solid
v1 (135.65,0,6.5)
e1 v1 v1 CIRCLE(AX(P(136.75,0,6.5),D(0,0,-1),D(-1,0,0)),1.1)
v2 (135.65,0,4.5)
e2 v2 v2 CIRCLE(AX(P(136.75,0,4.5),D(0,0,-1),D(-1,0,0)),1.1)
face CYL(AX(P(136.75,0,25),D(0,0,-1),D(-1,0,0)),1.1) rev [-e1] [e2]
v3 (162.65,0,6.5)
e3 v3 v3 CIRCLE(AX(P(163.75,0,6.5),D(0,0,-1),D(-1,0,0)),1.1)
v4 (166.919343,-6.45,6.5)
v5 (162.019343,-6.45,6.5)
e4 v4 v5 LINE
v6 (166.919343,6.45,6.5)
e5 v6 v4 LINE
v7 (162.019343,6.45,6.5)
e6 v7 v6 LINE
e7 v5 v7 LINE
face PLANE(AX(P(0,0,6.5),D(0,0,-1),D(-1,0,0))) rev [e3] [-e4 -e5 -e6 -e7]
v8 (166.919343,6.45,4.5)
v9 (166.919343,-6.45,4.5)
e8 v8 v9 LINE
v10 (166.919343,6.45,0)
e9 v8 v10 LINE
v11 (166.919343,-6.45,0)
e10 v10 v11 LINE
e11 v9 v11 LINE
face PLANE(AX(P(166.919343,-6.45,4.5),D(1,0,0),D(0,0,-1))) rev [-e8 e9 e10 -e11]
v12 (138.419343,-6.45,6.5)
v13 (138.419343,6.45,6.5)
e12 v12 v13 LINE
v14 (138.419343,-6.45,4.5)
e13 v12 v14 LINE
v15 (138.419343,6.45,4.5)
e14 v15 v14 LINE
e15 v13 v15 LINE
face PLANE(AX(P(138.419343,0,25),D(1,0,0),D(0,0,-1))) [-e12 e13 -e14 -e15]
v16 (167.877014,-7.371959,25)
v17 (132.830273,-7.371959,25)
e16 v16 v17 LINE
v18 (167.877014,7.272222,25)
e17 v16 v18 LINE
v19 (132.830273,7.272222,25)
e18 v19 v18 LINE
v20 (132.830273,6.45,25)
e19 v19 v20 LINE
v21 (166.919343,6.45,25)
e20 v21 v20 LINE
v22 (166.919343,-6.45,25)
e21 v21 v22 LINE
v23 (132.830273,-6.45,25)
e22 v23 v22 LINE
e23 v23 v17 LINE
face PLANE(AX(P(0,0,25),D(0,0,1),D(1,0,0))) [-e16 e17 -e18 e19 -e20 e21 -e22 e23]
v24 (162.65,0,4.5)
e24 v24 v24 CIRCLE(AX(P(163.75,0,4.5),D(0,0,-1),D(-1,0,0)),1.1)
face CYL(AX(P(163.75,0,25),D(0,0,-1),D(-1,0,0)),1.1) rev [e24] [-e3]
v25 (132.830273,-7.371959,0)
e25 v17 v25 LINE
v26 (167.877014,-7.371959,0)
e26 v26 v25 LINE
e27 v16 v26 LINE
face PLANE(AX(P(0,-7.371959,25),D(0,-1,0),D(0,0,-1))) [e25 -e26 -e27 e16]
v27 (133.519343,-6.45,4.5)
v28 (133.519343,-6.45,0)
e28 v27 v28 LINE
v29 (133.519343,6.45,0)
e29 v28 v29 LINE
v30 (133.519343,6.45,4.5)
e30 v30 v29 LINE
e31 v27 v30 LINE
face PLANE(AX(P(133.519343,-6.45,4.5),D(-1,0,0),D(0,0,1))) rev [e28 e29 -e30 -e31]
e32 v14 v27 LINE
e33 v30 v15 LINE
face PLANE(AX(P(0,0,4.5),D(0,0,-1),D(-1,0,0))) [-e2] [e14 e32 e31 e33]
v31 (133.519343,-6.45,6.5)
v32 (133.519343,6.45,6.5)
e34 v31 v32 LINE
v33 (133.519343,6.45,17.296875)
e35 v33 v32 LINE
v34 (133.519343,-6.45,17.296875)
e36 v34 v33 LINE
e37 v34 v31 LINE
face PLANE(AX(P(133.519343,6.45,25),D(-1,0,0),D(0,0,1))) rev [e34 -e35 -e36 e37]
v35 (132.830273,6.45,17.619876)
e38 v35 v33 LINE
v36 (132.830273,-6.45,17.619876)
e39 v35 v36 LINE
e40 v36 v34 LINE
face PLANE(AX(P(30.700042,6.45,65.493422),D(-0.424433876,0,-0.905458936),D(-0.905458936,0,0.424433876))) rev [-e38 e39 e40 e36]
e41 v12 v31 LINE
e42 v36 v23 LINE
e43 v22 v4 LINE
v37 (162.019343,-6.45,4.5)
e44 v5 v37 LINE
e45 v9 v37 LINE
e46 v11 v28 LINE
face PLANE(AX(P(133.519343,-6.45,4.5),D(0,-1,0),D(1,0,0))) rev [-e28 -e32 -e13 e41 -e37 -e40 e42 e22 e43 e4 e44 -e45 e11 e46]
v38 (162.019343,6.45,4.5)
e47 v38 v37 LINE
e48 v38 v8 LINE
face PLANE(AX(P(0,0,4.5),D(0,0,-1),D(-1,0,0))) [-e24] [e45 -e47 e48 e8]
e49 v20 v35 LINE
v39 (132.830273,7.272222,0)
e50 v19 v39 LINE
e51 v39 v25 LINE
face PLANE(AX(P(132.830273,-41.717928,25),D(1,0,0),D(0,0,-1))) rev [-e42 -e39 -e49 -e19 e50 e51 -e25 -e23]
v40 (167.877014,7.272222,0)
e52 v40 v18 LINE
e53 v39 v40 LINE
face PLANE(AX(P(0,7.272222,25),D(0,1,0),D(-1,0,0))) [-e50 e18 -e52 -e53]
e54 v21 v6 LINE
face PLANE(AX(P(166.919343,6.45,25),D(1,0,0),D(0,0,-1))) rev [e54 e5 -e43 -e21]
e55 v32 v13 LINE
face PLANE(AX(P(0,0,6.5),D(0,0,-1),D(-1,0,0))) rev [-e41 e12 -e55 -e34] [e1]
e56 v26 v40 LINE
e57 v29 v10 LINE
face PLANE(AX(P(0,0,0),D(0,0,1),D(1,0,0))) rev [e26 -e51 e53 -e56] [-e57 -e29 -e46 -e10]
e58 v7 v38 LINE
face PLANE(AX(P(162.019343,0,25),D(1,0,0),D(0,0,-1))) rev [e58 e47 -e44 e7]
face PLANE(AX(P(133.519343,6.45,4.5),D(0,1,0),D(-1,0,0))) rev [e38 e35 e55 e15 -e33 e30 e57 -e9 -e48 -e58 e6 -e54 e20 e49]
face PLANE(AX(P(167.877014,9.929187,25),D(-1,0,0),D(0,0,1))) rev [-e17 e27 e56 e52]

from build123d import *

# Parameters (mm, degrees)
BOSS_EXTRUDE1_DEPTH = 25
SKETCH16_W          = 33.4
SKETCH16_H          = 12.9
CUT_EXTRUDE10_DEPTH = 4.5
SKETCH19_R          = 20
CUT_EXTRUDE14_DEPTH = 7.55
SKETCH17_W          = 23.6
SKETCH17_H          = 12.9
CUT_EXTRUDE11_DEPTH = 177.45821035
CUT_EXTRUDE13_DEPTH = 6.45
SKETCH20_W          = 33.4
SKETCH20_H          = 12.9
CUT_EXTRUDE15_DEPTH = 176.655202029
SKETCH21_R          = 1.1
CUT_EXTRUDE16_DEPTH = 177.45821035
SKETCH22_R          = 2
CUT_EXTRUDE17_DEPTH = 17.45
SKETCH23_W          = 162.562335495
SKETCH23_H          = 86.576971135
CUT_EXTRUDE18_DEPTH = 177.45821035
CUT_EXTRUDE19_DEPTH = 177.45821035
SKETCH26_W          = 6.440152625
SKETCH26_H          = 21.054345118
CUT_EXTRUDE20_DEPTH = 175.458005773


with BuildPart() as part:
    # Sketch1 → Boss-Extrude1 (new body)
    with BuildSketch(Plane.XY):
        with BuildLine():
            ThreePointArc((172.5, 0), (152.823244805, 26.363741023), (121.951138857, 15))
            Line((121.951138857, 15), (145, 15))
            Line((145, 15), (145, -15))
            Line((145, -15), (121.951138857, -15))
            ThreePointArc((121.951138857, -15), (152.823244805, -26.363741023), (172.5, 0))
        make_face()
        with BuildLine():
            Line((145, 15), (121.951138857, 15))
            ThreePointArc((121.951138857, 15), (117.5, 0), (121.951138857, -15))
            Line((121.951138857, -15), (145, -15))
            Line((145, -15), (145, 15))
        make_face()
        with BuildLine():
            Line((121.951138857, 15), (23.048861143, 15))
            ThreePointArc((23.048861143, 15), (26.363741023, 7.823244805), (27.5, 0))
            ThreePointArc((27.5, 0), (26.363741023, -7.823244805), (23.048861143, -15))
            Line((23.048861143, -15), (121.951138857, -15))
            ThreePointArc((121.951138857, -15), (117.5, 0), (121.951138857, 15))
        make_face()
        with BuildLine():
            ThreePointArc((13.228756555, -15), (-20, 0), (13.228756555, 15))
            Line((13.228756555, 15), (23.048861143, 15))
            ThreePointArc((23.048861143, 15), (-27.5, 0), (23.048861143, -15))
            Line((23.048861143, -15), (13.228756555, -15))
        make_face()
        with BuildLine():
            Line((23.048861143, 15), (13.228756555, 15))
            ThreePointArc((13.228756555, 15), (18.228756555, 8.228756555), (20, 0))
            ThreePointArc((20, 0), (18.228756555, -8.228756555), (13.228756555, -15))
            Line((13.228756555, -15), (23.048861143, -15))
            ThreePointArc((23.048861143, -15), (26.363741023, -7.823244805), (27.5, 0))
            ThreePointArc((27.5, 0), (26.363741023, 7.823244805), (23.048861143, 15))
        make_face()
        with BuildLine():
            Line((0, -15), (0, 15))
            Line((0, 15), (13.228756555, 15))
            ThreePointArc((13.228756555, 15), (-20, 0), (13.228756555, -15))
            Line((13.228756555, -15), (0, -15))
        make_face()
        with BuildLine():
            Line((13.228756555, 15), (0, 15))
            Line((0, 15), (0, -15))
            Line((0, -15), (13.228756555, -15))
            ThreePointArc((13.228756555, -15), (18.228756555, -8.228756555), (20, 0))
            ThreePointArc((20, 0), (18.228756555, 8.228756555), (13.228756555, 15))
        make_face()
    extrude(amount=BOSS_EXTRUDE1_DEPTH)

    # Sketch16 → Cut-Extrude10 (cut)
    with BuildSketch(Plane(origin=(0, 0, 0), x_dir=(-1, 0, 0), z_dir=(0, 0, -1))):
        with Locations((-150.21934279, 0)):
            Rectangle(SKETCH16_W, SKETCH16_H)
    extrude(amount=-CUT_EXTRUDE10_DEPTH, mode=Mode.SUBTRACT)

    # Sketch19 → Cut-Extrude14 (cut)
    with BuildSketch(Plane(origin=(0, 0, 0), x_dir=(-1, 0, 0), z_dir=(0, 0, -1))):
        Circle(SKETCH19_R)
    extrude(amount=-CUT_EXTRUDE14_DEPTH, mode=Mode.SUBTRACT)

    # Sketch17 → Cut-Extrude11 (cut, through all)
    with BuildSketch(Plane(origin=(0, 0, 0), x_dir=(-1, 0, 0), z_dir=(0, 0, -1))):
        with Locations((-150.21934279, 0)):
            Rectangle(SKETCH17_W, SKETCH17_H)
    extrude(amount=-CUT_EXTRUDE11_DEPTH, mode=Mode.SUBTRACT)

    # Sketch18 → Cut-Extrude13 (cut, symmetric)
    with BuildSketch(Plane(origin=(0, 0, 0), x_dir=(-1, 0, 0), z_dir=(0, -1, 0))):
        Polygon((-138.41934279, -15), (-138.41934279, -25), (-122.41934279, -25), (-122.41934279, -22.5), align=None)
    extrude(amount=CUT_EXTRUDE13_DEPTH, both=True, mode=Mode.SUBTRACT)

    # Sketch20 → Cut-Extrude15 (cut, through all)
    with BuildSketch(Plane(origin=(0, 0, 6.5), x_dir=(-1, 0, 0), z_dir=(0, 0, -1))):
        with Locations((-150.21934279, 0)):
            Rectangle(SKETCH20_W, SKETCH20_H)
    extrude(amount=-CUT_EXTRUDE15_DEPTH, mode=Mode.SUBTRACT)

    # Sketch21 → Cut-Extrude16 (cut, through all)
    with BuildSketch(Plane(origin=(0, 0, 0), x_dir=(-1, 0, 0), z_dir=(0, 0, -1))):
        with Locations((-163.75, 0)):
            Circle(SKETCH21_R)
        with Locations((-136.75, 0)):
            Circle(SKETCH21_R)
    extrude(amount=-CUT_EXTRUDE16_DEPTH, mode=Mode.SUBTRACT)

    # Sketch22 → Cut-Extrude17 (cut)
    with BuildSketch(Plane.XY.offset(25)):
        Circle(SKETCH22_R)
    extrude(amount=-CUT_EXTRUDE17_DEPTH, mode=Mode.SUBTRACT)

    # Sketch23 → Cut-Extrude18 (cut, through all)
    with BuildSketch(Plane(origin=(0, 0, 0), x_dir=(-1, 0, 0), z_dir=(0, 0, -1))):
        with Locations((-51.54910521, 1.570557299)):
            Rectangle(SKETCH23_W, SKETCH23_H)
    extrude(amount=-CUT_EXTRUDE18_DEPTH, mode=Mode.SUBTRACT)

    # Sketch24 → Cut-Extrude19 (cut, through all)
    with BuildSketch(Plane(origin=(0, 0, 0), x_dir=(-1, 0, 0), z_dir=(0, 0, -1))):
        with BuildLine():
            Line((-167.786941529, -7.371958929), (-171.493475075, -7.371958929))
            ThreePointArc((-171.493475075, -7.371958929), (-156.225736685, -25.104438569), (-132.830272958, -24.66065173))
            Line((-132.830272958, -24.66065173), (-132.830272958, -7.371958929))
            Line((-132.830272958, -7.371958929), (-167.786941529, -7.371958929))
        make_face()
        with BuildLine():
            Line((-185.462542345, -7.371958929), (-172.088300957, -7.371958929))
            Line((-172.088300957, -7.371958929), (-171.493475075, -7.371958929))
            ThreePointArc((-171.493475075, -7.371958929), (-172.499951334, -0.051736146), (-171.521025432, 7.272221809))
            Line((-171.521025432, 7.272221809), (-172.314497195, 7.272221809))
            Line((-172.314497195, 7.272221809), (-185.462542345, 7.272221809))
            Line((-185.462542345, 7.272221809), (-185.462542345, -7.371958929))
        make_face()
        with BuildLine():
            ThreePointArc((-132.830272958, 24.66065173), (-156.272946161, 25.083275003), (-171.521025432, 7.272221809))
            Line((-171.521025432, 7.272221809), (-167.786941529, 7.272221809))
            Line((-167.786941529, 7.272221809), (-132.830272958, 7.272221809))
            Line((-132.830272958, 7.272221809), (-132.830272958, 24.66065173))
        make_face()
    extrude(amount=-CUT_EXTRUDE19_DEPTH, mode=Mode.SUBTRACT)

    # Sketch26 → Cut-Extrude20 (cut, through all)
    with BuildSketch(Plane(origin=(0, 0, 0), x_dir=(-1, 0, 0), z_dir=(0, 0, -1))):
        with Locations((-171.097089858, -0.597985902)):
            Rectangle(SKETCH26_W, SKETCH26_H)
    extrude(amount=-CUT_EXTRUDE20_DEPTH, mode=Mode.SUBTRACT)


solid = part.part
